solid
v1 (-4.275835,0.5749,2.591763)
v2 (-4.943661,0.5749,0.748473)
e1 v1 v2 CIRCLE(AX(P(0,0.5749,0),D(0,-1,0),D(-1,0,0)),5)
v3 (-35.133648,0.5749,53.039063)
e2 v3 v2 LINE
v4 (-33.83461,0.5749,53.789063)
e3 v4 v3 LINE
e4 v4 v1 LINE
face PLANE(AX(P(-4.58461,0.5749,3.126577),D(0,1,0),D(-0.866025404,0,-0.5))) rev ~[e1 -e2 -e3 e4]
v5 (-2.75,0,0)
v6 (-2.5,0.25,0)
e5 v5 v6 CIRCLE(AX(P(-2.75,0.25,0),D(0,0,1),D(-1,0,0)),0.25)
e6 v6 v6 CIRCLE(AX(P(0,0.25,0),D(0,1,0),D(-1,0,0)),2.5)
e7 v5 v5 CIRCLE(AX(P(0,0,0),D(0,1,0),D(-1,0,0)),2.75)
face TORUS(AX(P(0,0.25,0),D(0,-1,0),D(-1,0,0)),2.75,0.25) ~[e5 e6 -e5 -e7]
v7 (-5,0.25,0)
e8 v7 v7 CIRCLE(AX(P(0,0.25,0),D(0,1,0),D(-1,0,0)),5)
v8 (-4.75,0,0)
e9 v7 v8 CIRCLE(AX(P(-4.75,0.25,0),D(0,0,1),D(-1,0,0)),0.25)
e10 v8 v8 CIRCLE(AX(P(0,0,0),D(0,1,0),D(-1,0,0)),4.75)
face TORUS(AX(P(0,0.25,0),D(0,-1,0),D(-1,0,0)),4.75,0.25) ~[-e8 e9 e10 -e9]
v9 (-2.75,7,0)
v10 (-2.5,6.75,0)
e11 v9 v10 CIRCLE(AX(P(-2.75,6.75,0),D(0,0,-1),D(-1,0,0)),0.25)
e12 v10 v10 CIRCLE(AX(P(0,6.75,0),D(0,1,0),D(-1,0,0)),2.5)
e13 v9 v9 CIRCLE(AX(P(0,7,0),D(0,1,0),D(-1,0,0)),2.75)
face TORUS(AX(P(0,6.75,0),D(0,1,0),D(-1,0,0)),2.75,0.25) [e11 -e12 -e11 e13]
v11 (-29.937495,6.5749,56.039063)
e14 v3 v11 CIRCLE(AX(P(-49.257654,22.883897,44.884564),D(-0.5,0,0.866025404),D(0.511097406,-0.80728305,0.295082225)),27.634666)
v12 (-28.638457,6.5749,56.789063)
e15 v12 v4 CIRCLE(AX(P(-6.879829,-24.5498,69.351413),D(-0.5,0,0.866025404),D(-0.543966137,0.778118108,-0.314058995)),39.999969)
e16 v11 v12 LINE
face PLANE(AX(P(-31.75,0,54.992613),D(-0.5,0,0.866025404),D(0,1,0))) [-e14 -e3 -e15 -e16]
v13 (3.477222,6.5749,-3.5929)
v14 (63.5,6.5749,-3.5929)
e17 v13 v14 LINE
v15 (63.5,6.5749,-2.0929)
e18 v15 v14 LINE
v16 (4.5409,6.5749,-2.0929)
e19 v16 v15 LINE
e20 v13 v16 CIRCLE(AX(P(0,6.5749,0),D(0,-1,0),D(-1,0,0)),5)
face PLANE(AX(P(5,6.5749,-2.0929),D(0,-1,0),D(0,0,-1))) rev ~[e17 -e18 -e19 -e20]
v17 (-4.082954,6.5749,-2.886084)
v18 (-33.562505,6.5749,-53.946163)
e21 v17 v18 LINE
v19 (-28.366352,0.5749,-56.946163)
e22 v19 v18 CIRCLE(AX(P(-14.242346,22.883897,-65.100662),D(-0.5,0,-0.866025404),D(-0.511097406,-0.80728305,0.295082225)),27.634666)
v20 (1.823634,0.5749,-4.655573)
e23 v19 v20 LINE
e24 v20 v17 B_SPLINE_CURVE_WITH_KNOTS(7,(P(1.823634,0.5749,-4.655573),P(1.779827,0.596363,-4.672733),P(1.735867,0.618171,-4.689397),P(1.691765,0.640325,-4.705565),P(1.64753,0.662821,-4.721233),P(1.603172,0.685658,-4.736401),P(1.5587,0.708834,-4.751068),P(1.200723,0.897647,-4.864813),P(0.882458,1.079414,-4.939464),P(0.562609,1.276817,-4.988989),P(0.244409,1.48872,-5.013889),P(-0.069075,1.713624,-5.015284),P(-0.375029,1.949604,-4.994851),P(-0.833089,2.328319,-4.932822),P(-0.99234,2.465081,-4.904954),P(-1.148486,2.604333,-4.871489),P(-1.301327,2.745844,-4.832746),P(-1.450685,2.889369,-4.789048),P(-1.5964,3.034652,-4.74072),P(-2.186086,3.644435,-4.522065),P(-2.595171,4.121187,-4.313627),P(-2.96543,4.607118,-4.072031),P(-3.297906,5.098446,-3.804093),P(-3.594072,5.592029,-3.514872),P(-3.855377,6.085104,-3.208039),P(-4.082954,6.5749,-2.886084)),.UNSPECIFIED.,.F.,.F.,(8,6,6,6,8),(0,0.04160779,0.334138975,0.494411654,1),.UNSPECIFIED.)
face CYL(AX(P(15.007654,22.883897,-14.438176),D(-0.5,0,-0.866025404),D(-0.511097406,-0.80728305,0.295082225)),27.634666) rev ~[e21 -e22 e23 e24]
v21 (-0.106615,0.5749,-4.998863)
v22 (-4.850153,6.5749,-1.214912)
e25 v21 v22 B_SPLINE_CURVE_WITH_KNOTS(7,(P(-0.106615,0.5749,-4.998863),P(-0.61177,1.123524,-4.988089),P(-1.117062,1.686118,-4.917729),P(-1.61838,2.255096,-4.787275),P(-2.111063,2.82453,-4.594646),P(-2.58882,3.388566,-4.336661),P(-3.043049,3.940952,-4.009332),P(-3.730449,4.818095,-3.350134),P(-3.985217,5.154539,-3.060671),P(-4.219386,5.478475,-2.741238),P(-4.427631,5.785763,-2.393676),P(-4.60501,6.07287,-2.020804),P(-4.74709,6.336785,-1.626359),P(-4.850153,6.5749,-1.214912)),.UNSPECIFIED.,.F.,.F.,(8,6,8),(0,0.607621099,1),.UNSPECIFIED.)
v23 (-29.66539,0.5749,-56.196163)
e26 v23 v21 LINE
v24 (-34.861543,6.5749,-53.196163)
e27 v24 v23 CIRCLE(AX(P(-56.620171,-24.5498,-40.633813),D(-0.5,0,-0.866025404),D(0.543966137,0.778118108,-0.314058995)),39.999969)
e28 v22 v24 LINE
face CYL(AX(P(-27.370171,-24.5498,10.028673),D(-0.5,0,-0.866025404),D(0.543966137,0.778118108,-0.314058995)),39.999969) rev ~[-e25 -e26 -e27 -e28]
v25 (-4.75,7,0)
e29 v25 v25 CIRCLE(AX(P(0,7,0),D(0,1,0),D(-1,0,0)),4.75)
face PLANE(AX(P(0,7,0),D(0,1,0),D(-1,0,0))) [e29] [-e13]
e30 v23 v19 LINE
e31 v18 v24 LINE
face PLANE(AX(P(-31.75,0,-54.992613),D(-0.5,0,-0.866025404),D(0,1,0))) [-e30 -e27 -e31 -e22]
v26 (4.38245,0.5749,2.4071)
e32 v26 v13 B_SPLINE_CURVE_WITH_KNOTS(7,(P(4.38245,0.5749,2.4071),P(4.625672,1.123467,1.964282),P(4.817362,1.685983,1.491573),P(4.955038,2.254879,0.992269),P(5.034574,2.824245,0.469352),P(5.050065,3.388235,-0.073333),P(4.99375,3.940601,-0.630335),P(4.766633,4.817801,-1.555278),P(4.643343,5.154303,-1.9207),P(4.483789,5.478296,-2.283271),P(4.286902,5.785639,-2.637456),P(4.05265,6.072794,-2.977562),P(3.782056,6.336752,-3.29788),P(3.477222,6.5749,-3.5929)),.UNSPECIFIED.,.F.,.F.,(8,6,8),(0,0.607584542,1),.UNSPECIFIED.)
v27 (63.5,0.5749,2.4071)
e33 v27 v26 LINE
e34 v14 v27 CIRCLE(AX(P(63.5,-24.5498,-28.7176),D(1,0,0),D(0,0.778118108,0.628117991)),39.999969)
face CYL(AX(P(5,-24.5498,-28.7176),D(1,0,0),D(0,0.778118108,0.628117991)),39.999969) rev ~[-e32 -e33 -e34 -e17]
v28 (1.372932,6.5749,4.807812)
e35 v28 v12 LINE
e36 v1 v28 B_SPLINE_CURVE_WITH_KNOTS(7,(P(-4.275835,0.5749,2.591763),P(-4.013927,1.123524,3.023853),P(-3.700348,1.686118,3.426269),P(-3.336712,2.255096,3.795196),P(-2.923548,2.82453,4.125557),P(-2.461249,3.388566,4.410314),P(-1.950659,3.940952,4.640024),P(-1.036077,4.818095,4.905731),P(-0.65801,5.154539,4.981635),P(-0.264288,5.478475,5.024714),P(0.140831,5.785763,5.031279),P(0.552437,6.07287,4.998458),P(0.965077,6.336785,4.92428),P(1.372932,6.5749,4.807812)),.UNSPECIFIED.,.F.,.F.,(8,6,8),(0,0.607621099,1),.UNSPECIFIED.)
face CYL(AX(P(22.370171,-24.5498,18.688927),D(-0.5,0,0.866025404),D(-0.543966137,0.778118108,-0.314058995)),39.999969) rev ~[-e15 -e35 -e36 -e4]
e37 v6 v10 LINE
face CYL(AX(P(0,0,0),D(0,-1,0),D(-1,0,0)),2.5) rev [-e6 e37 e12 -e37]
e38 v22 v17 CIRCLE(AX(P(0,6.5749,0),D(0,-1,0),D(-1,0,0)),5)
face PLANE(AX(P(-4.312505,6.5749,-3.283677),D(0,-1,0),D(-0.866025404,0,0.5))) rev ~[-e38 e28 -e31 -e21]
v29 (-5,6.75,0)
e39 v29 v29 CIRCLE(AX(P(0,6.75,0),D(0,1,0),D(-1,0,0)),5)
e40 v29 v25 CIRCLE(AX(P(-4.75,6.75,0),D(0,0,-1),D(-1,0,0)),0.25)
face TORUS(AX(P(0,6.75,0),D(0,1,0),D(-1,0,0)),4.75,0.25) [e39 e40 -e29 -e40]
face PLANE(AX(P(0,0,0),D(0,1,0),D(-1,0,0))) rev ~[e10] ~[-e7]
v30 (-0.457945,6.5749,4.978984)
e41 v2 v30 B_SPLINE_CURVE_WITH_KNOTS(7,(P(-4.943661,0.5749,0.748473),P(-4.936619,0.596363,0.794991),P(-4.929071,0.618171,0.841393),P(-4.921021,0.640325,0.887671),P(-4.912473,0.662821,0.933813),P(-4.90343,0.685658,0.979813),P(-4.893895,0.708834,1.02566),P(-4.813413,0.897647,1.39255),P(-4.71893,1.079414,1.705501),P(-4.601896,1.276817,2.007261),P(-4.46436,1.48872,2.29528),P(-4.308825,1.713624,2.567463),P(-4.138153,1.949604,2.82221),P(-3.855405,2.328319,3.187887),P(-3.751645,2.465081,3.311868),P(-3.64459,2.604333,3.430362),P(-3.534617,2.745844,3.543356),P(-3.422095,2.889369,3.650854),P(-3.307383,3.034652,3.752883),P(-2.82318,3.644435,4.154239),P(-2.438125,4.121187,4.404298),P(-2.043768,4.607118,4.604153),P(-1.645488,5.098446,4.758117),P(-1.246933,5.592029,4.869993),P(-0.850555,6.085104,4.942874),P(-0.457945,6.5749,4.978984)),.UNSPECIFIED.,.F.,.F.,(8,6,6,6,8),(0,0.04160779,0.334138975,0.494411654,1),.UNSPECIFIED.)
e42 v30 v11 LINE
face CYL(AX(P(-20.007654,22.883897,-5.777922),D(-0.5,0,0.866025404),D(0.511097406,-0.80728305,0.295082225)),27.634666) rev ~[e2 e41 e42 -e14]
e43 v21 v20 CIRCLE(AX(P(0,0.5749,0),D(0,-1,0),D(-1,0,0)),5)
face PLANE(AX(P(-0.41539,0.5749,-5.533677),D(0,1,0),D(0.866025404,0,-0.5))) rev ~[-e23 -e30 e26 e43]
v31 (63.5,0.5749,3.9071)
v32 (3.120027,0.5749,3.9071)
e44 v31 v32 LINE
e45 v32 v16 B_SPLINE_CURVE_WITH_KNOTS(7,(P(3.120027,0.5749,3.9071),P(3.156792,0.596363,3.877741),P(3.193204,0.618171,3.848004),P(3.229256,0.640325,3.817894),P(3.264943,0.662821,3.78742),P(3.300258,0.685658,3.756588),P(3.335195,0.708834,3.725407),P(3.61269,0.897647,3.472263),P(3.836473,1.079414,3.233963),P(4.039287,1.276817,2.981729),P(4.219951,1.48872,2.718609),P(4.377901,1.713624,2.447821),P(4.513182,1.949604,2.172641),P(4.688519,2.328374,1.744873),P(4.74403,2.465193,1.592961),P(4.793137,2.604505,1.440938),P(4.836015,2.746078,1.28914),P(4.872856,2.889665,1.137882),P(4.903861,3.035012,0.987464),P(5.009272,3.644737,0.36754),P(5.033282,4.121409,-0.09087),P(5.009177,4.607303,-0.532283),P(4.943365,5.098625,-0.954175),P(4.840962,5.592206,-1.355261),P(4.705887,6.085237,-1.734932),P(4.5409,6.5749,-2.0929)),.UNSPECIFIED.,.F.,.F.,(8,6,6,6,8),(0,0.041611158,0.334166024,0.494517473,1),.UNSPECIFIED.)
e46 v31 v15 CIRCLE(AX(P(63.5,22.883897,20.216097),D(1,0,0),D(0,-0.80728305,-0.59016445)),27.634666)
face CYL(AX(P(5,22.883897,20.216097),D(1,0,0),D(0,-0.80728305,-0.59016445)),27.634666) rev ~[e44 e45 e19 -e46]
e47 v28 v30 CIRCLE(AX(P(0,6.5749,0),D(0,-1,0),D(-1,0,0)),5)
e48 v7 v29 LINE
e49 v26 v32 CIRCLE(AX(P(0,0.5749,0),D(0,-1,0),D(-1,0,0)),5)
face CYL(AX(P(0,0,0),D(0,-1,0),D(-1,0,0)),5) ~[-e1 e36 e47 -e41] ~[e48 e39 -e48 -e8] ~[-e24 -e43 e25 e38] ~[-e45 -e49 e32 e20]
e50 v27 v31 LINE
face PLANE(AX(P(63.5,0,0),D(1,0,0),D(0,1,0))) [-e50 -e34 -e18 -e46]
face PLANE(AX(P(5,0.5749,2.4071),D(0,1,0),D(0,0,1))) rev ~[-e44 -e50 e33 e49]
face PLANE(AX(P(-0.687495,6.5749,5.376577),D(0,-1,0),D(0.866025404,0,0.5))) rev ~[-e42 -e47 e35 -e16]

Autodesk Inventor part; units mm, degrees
ref_plane "YZ Plane" through (0, 0, 0) normal (1, 0, 0) x (0, 1, 0)
ref_plane "XZ Plane" through (0, 0, 0) normal (0, 1, 0) x (-1, 0, 0)
sketch "Sketch1" plane through (0, 0, 0) normal (0, 1, 0) x (-1, 0, 0)
  circle A0 centre (0, 0) radius 2.5
  circle A1 centre (0, 0) radius 63.5
  circle A2 centre (0, 0) radius 5
  dimension "d1" = 127
  dimension "d4" = 10
extrude "Extrusion1" add sketch "Sketch1" along normal blind 7 contours A2
ref_plane "Work Plane1" through (5, 0, 0) normal (1, 0, 0) x (0, 1, 0)
sketch "Sketch3" plane through (5, 0, 0) normal (1, 0, 0) x (0, 1, 0)
  line L0 (7, -5) -> (7, 5) projected
  arc A0 (6.5749, -3.5929) -> (0.5749, 2.4071) centre (-24.5498, -28.7176) ccw
  line L1 (0.5749, 2.4071) -> (0.5749, 3.9071)
  arc A1 (0.5749, 3.9071) -> (6.5749, -2.0929) centre (22.8832, 20.2155) ccw
  line L2 (6.5749, -2.0929) -> (6.5749, -3.5929)
  point P0 (0, 0)
  dimension "d13" = 40
  dimension "d15" = 1.5
extrude "Extrusion3" add sketch "Sketch3" against normal blind 2 and the other way blind 58.5
fillet "Fillet2" radius 0.25 4 edges at (5, 7, 0) (5, 0, 0) (2.5, 7, 0) (2.5, 0, 0)
pattern_circular "Circular Pattern1" count 3 over 360 about axis through (0, 0, 0) along (0, 1, 0) of "Extrusion3"
properties part number "DAL T5040"
